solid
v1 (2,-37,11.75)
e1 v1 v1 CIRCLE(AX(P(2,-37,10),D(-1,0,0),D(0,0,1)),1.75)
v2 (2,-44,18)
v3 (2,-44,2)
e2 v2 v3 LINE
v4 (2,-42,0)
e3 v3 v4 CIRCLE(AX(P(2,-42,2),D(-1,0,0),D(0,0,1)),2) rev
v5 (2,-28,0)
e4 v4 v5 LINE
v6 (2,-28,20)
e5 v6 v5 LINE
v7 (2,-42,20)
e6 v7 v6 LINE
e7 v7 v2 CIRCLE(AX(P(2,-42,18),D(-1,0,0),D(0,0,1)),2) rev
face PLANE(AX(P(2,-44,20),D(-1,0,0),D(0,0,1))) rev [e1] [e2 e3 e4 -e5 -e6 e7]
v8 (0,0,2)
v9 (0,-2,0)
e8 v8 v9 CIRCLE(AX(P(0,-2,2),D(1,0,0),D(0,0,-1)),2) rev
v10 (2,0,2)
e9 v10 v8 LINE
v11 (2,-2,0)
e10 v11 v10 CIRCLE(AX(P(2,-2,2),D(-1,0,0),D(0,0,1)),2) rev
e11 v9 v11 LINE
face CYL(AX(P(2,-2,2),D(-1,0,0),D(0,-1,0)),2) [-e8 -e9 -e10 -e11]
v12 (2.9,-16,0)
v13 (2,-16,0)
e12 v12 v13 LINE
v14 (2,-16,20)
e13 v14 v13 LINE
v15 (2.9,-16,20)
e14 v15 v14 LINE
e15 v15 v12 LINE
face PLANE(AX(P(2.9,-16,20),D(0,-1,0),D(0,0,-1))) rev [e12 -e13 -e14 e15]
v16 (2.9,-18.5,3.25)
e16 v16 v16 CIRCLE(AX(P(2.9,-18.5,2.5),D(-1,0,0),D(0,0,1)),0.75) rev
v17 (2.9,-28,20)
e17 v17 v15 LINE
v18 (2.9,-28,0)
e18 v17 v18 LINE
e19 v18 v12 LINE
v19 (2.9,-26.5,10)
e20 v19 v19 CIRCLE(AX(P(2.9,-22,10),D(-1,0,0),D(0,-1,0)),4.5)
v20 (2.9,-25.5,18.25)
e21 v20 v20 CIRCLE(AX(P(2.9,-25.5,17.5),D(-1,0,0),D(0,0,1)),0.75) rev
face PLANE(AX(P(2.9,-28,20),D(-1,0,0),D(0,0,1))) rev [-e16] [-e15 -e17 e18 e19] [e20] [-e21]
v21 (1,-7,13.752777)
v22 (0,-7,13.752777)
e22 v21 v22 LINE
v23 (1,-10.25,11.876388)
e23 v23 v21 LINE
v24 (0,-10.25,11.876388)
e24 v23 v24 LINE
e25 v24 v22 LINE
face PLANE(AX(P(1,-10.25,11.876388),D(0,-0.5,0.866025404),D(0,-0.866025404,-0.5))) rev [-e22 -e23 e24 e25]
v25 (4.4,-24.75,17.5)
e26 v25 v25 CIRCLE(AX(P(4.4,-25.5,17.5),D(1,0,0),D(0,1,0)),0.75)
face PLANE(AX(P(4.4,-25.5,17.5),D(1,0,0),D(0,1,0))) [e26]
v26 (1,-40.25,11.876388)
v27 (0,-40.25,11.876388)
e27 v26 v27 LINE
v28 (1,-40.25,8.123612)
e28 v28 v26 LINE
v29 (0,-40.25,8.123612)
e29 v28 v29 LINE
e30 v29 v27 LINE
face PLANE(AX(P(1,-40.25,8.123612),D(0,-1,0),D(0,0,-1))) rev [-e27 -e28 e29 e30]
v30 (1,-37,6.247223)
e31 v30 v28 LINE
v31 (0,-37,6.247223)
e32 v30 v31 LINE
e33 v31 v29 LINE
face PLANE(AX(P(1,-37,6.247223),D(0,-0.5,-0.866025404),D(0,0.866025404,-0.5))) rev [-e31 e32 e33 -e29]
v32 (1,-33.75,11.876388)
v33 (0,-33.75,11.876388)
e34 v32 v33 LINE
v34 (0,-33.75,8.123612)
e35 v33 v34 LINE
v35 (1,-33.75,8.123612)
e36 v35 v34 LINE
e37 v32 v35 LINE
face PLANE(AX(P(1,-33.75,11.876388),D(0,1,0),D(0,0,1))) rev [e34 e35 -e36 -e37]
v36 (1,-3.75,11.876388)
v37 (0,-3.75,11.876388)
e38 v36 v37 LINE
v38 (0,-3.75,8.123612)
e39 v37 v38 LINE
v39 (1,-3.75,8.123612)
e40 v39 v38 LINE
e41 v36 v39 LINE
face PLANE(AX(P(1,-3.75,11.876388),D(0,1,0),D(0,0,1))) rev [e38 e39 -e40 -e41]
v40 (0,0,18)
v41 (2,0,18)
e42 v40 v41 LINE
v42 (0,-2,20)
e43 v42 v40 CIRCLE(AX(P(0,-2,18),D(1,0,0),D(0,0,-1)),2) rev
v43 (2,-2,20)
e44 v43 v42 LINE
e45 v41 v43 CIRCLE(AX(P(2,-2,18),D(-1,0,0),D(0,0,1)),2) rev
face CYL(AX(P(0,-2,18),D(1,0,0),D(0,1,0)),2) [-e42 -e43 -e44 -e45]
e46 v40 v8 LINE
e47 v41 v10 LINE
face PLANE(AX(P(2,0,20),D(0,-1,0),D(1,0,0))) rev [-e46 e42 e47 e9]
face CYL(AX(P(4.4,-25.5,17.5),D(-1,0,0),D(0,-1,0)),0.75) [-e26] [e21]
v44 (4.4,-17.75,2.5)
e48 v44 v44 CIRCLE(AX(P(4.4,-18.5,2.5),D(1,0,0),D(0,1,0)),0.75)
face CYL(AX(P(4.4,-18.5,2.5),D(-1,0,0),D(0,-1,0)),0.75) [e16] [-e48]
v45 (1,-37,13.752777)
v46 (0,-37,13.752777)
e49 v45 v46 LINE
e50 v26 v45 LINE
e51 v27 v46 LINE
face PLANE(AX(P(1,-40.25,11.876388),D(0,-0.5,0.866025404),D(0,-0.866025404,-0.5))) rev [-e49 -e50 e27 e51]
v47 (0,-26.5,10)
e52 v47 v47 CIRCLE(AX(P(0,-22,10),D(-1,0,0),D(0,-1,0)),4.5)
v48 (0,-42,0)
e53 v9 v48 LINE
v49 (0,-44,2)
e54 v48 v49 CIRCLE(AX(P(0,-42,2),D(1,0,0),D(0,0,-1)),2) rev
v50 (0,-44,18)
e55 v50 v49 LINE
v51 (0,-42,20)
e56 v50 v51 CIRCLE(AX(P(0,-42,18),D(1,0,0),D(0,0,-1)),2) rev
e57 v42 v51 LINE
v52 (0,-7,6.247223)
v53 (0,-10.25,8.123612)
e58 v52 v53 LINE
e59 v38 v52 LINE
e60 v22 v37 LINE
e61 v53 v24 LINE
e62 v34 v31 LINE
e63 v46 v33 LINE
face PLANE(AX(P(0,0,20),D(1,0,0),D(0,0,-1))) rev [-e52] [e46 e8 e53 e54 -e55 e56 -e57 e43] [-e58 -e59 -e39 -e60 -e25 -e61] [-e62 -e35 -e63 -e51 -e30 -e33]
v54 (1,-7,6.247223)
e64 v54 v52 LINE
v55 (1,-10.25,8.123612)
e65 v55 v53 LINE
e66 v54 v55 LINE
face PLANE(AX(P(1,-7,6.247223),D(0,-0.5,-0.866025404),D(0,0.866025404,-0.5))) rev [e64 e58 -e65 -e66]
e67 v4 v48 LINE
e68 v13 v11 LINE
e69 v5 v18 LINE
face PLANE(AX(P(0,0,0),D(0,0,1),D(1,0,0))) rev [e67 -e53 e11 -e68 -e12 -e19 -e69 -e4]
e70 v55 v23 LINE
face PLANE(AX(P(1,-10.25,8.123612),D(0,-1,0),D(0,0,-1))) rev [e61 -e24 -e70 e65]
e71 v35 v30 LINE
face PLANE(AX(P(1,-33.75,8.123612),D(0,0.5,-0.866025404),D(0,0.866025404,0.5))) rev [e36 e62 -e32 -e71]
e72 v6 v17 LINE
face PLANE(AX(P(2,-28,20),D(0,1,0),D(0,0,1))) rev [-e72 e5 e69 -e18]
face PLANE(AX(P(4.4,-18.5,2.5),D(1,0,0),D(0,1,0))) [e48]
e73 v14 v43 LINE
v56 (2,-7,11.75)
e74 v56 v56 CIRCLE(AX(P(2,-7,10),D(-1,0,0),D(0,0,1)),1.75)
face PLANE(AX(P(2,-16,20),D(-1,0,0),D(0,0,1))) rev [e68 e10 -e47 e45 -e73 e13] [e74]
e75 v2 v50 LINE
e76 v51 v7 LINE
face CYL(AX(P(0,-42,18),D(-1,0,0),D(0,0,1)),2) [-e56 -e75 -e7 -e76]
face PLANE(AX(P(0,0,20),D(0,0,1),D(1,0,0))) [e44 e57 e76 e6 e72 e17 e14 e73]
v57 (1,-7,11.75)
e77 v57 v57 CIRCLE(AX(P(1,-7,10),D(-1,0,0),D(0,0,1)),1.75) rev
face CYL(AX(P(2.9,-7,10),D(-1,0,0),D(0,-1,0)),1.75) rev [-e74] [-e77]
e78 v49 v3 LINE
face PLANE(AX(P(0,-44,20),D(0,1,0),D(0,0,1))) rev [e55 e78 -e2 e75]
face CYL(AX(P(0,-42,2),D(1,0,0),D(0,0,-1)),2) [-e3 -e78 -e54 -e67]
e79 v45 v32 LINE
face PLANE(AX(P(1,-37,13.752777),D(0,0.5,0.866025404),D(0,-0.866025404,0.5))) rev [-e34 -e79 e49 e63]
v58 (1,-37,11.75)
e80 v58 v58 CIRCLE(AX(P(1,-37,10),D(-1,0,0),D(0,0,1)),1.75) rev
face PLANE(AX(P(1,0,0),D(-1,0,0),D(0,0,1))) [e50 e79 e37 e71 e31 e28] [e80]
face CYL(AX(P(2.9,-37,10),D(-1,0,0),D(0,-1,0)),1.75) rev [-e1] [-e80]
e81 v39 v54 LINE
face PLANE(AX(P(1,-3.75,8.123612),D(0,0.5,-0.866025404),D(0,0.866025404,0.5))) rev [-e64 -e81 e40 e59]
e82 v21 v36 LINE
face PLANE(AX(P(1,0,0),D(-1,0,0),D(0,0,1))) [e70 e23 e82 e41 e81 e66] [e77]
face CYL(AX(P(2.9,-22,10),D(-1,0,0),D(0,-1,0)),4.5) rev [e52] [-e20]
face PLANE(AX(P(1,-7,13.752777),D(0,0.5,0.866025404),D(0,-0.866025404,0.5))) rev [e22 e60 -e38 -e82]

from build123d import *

# Parameters (mm, degrees)
BOSS_EXTRUDE1_DEPTH = 20
SKETCH2_R           = 1.75
SKETCH2_R_2         = 4.5
CUT_EXTRUDE1_DEPTH  = 3.9
SKETCH3_R           = 0.75
BOSS_EXTRUDE2_DEPTH = 1.5
FILLET1_R           = 2
CUT_EXTRUDE2_DEPTH  = 1


with BuildPart() as part:
    # Sketch1 → Boss-Extrude1 (new body)
    with BuildSketch(Plane.XY):
        Polygon((0, 0), (0, -44), (2, -44), (2, -28), (2.9, -28), (2.9, -16), (2, -16), (2, 0), align=None)
    extrude(amount=BOSS_EXTRUDE1_DEPTH)

    # Sketch2 → Cut-Extrude1 (cut, through all)
    with BuildSketch(Plane.ZY):
        with Locations((10, -7)):
            Circle(SKETCH2_R)
        with Locations((10, -37)):
            Circle(SKETCH2_R)
        with Locations((10, -22)):
            Circle(SKETCH2_R_2)
    extrude(amount=-CUT_EXTRUDE1_DEPTH, mode=Mode.SUBTRACT)

    # Sketch3 → Boss-Extrude2 (add)
    with BuildSketch(Plane(origin=(2.9, 0, 0), x_dir=(0, 0, -1), z_dir=(1, 0, 0))):
        with Locations((-17.5, -25.5)):
            Circle(SKETCH3_R)
        with Locations((-2.5, -18.5)):
            Circle(SKETCH3_R)
    extrude(amount=BOSS_EXTRUDE2_DEPTH)

    # Fillet1
    fillet1_edges = [part.edges().sort_by_distance(p)[0] for p in [
        (1, -44, 20),
        (1, 0, 0),
        (1, 0, 20),
        (1, -44, 0),
    ]]
    fillet(fillet1_edges, radius=FILLET1_R)

    # Sketch4 → Cut-Extrude2 (cut)
    with BuildSketch(Plane.ZY):
        Polygon((11.876388375, -10.25), (13.75277675, -7), (11.876388375, -3.75), (8.123611625, -3.75), (6.24722325, -7), (8.123611625, -10.25), align=None)
        Polygon((11.876388375, -40.25), (13.75277675, -37), (11.876388375, -33.75), (8.123611625, -33.75), (6.24722325, -37), (8.123611625, -40.25), align=None)
    extrude(amount=-CUT_EXTRUDE2_DEPTH, mode=Mode.SUBTRACT)


solid = part.part
